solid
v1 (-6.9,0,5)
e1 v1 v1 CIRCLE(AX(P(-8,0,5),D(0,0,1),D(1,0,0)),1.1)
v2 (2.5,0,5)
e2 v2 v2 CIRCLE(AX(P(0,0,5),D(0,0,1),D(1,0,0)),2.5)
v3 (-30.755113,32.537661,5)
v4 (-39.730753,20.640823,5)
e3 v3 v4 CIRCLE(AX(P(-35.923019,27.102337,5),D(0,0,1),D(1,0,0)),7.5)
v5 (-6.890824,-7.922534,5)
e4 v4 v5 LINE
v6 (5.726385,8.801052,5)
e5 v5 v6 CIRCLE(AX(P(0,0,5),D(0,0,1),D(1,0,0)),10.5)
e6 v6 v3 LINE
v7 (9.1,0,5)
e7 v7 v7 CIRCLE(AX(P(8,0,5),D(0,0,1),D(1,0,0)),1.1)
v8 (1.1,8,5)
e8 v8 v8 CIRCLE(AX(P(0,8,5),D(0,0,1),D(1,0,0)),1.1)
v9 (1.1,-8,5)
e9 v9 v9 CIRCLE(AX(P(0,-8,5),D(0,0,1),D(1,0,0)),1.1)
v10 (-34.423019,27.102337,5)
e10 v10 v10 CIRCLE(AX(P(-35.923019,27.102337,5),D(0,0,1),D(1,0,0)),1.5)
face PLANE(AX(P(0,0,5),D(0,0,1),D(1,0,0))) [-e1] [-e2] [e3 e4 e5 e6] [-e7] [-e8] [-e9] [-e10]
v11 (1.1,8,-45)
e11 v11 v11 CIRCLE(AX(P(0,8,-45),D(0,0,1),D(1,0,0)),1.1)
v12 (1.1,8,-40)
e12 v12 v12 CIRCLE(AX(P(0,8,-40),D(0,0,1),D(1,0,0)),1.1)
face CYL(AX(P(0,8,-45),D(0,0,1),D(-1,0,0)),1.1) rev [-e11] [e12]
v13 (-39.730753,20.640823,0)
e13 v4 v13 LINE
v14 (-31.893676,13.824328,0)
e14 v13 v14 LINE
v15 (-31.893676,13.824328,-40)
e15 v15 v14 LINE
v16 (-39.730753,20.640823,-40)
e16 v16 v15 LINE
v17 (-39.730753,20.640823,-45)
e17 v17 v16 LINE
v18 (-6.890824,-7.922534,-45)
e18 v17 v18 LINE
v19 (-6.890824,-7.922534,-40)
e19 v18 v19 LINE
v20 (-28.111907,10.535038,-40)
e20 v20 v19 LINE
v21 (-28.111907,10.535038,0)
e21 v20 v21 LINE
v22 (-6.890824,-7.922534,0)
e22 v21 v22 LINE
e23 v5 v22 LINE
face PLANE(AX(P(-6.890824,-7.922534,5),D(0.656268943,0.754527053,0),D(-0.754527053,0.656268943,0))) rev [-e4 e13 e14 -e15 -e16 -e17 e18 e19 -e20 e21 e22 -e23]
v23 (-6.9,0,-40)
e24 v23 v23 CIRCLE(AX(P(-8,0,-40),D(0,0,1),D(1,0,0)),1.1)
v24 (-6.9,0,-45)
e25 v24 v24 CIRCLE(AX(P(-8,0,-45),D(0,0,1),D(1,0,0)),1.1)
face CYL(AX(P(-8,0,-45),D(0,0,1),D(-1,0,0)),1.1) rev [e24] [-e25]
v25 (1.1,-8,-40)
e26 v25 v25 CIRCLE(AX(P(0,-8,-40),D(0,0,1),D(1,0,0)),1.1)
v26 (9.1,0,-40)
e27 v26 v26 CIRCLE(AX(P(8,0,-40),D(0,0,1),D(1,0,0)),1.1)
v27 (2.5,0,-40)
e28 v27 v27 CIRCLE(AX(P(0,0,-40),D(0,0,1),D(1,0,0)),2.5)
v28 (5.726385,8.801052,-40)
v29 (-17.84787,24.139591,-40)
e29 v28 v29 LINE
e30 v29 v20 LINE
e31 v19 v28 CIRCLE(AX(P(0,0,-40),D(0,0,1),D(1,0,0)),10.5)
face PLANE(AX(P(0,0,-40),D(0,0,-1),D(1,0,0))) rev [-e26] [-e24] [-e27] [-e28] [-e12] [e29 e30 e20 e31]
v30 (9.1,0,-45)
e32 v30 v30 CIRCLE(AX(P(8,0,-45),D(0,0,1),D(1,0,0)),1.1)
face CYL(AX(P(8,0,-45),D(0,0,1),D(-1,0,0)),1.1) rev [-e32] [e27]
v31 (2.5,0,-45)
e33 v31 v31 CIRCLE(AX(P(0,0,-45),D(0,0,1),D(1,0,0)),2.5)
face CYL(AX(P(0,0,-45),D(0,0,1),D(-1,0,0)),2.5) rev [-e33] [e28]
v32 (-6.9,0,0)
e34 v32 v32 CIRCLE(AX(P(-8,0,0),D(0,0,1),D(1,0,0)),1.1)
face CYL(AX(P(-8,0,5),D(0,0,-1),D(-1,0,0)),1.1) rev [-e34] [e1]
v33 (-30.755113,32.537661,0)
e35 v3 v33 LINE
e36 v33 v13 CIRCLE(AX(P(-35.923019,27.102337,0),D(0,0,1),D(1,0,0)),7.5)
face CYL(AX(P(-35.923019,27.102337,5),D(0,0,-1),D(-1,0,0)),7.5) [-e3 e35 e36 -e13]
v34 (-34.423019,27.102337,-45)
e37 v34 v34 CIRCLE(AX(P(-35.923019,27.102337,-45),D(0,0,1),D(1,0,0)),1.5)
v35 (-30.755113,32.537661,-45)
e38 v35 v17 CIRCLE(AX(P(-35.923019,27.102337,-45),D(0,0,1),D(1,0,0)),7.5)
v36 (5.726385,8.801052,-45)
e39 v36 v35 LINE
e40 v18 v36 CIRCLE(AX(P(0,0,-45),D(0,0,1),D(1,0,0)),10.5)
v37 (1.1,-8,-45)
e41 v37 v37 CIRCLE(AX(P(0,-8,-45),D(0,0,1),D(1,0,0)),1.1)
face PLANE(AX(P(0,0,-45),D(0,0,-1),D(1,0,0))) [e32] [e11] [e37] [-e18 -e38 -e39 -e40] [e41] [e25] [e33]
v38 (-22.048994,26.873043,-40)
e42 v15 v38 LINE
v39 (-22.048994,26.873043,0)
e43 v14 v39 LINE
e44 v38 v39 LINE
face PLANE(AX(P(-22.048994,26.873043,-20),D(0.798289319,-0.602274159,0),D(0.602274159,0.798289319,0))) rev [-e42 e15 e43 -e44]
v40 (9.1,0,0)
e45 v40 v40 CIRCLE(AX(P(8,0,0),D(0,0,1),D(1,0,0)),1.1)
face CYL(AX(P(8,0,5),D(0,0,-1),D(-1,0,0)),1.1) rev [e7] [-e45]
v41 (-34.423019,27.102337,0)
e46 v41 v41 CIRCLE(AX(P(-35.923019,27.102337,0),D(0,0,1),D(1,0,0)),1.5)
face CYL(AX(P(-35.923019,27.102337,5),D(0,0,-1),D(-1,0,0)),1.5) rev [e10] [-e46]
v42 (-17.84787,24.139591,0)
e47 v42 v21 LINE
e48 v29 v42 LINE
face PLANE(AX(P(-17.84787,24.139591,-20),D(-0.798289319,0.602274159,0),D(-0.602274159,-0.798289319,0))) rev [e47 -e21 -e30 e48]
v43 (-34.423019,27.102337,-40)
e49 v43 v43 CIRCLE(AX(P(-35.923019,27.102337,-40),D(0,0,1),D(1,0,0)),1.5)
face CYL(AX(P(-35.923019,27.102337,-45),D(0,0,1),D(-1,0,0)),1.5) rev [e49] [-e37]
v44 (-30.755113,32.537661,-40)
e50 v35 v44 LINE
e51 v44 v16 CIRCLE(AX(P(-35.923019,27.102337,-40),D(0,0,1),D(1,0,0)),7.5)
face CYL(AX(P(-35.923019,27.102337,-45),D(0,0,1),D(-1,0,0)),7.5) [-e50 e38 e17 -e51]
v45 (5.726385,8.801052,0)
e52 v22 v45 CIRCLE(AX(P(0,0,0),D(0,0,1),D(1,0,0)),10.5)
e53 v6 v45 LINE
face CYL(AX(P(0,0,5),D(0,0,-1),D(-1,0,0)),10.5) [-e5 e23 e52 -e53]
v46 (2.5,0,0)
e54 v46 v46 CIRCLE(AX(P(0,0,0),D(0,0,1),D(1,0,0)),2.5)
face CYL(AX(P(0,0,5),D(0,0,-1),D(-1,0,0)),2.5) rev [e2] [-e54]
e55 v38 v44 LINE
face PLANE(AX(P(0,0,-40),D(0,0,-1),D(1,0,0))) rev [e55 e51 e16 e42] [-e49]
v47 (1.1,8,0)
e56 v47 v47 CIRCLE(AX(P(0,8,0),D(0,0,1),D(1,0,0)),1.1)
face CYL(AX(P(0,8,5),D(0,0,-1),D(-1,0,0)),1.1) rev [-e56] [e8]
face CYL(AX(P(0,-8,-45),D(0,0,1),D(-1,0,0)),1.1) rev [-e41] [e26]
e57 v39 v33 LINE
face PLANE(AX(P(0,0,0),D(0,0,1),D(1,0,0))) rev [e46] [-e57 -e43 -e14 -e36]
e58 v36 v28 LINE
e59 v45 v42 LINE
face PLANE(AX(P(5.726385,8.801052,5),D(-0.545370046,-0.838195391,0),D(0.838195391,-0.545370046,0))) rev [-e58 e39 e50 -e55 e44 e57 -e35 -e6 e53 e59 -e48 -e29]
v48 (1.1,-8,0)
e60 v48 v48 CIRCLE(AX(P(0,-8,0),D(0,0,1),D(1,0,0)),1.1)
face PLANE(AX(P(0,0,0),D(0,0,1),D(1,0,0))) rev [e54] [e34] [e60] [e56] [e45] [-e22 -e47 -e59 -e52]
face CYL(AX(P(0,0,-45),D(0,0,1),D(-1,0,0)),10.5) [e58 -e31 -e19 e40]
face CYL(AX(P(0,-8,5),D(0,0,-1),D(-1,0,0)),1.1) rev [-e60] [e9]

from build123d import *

# Parameters (mm, degrees)
ESQUISSE1_R        = 1.1
ESQUISSE1_R_2      = 1.5
ESQUISSE1_R_3      = 2.5
BOSS_EXTRU_1_DEPTH = 5
BOSS_EXTRU_2_DEPTH = 20


with BuildPart() as part:
    # Esquisse1 → Boss.-Extru.1 (new body)
    with BuildSketch(Plane.XY):
        with BuildLine():
            Line((5.726385479, 8.801051605), (-30.755113053, 32.537660912))
            ThreePointArc((-30.755113053, 32.537660912), (-41.910189263, 31.619393351), (-39.730753447, 20.640823312))
            Line((-39.730753447, 20.640823312), (-6.890823906, -7.922534058))
            ThreePointArc((-6.890823906, -7.922534058), (8.382037853, -6.32387867), (5.726385479, 8.801051605))
        make_face()
        with Locations((0, 8)):
            Circle(ESQUISSE1_R, mode=Mode.SUBTRACT)
        with Locations((8, 0)):
            Circle(ESQUISSE1_R, mode=Mode.SUBTRACT)
        with Locations((0, -8)):
            Circle(ESQUISSE1_R, mode=Mode.SUBTRACT)
        with Locations((-8, 0)):
            Circle(ESQUISSE1_R, mode=Mode.SUBTRACT)
        with Locations((-35.923019369, 27.102337158)):
            Circle(ESQUISSE1_R_2, mode=Mode.SUBTRACT)
        Circle(ESQUISSE1_R_3, mode=Mode.SUBTRACT)
    boss_extru_1 = extrude(amount=BOSS_EXTRU_1_DEPTH)

    # Esquisse2 → Boss.-Extru.2 (add)
    with BuildSketch(Plane(origin=(0, 0, 0), x_dir=(-1, 0, 0), z_dir=(0, 0, -1))):
        Polygon((17.847870487, 24.139591031), (28.111906813, 10.535038273), (31.893676134, 13.824327565), (22.048994358, 26.873043329), align=None)
    boss_extru_2 = extrude(amount=BOSS_EXTRU_2_DEPTH)

    # Symétrie1: Boss.-Extru.1, Boss.-Extru.2 across plane
    add(boss_extru_1.mirror(Plane.XY.offset(-20)))
    add(boss_extru_2.mirror(Plane.XY.offset(-20)))


solid = part.part
